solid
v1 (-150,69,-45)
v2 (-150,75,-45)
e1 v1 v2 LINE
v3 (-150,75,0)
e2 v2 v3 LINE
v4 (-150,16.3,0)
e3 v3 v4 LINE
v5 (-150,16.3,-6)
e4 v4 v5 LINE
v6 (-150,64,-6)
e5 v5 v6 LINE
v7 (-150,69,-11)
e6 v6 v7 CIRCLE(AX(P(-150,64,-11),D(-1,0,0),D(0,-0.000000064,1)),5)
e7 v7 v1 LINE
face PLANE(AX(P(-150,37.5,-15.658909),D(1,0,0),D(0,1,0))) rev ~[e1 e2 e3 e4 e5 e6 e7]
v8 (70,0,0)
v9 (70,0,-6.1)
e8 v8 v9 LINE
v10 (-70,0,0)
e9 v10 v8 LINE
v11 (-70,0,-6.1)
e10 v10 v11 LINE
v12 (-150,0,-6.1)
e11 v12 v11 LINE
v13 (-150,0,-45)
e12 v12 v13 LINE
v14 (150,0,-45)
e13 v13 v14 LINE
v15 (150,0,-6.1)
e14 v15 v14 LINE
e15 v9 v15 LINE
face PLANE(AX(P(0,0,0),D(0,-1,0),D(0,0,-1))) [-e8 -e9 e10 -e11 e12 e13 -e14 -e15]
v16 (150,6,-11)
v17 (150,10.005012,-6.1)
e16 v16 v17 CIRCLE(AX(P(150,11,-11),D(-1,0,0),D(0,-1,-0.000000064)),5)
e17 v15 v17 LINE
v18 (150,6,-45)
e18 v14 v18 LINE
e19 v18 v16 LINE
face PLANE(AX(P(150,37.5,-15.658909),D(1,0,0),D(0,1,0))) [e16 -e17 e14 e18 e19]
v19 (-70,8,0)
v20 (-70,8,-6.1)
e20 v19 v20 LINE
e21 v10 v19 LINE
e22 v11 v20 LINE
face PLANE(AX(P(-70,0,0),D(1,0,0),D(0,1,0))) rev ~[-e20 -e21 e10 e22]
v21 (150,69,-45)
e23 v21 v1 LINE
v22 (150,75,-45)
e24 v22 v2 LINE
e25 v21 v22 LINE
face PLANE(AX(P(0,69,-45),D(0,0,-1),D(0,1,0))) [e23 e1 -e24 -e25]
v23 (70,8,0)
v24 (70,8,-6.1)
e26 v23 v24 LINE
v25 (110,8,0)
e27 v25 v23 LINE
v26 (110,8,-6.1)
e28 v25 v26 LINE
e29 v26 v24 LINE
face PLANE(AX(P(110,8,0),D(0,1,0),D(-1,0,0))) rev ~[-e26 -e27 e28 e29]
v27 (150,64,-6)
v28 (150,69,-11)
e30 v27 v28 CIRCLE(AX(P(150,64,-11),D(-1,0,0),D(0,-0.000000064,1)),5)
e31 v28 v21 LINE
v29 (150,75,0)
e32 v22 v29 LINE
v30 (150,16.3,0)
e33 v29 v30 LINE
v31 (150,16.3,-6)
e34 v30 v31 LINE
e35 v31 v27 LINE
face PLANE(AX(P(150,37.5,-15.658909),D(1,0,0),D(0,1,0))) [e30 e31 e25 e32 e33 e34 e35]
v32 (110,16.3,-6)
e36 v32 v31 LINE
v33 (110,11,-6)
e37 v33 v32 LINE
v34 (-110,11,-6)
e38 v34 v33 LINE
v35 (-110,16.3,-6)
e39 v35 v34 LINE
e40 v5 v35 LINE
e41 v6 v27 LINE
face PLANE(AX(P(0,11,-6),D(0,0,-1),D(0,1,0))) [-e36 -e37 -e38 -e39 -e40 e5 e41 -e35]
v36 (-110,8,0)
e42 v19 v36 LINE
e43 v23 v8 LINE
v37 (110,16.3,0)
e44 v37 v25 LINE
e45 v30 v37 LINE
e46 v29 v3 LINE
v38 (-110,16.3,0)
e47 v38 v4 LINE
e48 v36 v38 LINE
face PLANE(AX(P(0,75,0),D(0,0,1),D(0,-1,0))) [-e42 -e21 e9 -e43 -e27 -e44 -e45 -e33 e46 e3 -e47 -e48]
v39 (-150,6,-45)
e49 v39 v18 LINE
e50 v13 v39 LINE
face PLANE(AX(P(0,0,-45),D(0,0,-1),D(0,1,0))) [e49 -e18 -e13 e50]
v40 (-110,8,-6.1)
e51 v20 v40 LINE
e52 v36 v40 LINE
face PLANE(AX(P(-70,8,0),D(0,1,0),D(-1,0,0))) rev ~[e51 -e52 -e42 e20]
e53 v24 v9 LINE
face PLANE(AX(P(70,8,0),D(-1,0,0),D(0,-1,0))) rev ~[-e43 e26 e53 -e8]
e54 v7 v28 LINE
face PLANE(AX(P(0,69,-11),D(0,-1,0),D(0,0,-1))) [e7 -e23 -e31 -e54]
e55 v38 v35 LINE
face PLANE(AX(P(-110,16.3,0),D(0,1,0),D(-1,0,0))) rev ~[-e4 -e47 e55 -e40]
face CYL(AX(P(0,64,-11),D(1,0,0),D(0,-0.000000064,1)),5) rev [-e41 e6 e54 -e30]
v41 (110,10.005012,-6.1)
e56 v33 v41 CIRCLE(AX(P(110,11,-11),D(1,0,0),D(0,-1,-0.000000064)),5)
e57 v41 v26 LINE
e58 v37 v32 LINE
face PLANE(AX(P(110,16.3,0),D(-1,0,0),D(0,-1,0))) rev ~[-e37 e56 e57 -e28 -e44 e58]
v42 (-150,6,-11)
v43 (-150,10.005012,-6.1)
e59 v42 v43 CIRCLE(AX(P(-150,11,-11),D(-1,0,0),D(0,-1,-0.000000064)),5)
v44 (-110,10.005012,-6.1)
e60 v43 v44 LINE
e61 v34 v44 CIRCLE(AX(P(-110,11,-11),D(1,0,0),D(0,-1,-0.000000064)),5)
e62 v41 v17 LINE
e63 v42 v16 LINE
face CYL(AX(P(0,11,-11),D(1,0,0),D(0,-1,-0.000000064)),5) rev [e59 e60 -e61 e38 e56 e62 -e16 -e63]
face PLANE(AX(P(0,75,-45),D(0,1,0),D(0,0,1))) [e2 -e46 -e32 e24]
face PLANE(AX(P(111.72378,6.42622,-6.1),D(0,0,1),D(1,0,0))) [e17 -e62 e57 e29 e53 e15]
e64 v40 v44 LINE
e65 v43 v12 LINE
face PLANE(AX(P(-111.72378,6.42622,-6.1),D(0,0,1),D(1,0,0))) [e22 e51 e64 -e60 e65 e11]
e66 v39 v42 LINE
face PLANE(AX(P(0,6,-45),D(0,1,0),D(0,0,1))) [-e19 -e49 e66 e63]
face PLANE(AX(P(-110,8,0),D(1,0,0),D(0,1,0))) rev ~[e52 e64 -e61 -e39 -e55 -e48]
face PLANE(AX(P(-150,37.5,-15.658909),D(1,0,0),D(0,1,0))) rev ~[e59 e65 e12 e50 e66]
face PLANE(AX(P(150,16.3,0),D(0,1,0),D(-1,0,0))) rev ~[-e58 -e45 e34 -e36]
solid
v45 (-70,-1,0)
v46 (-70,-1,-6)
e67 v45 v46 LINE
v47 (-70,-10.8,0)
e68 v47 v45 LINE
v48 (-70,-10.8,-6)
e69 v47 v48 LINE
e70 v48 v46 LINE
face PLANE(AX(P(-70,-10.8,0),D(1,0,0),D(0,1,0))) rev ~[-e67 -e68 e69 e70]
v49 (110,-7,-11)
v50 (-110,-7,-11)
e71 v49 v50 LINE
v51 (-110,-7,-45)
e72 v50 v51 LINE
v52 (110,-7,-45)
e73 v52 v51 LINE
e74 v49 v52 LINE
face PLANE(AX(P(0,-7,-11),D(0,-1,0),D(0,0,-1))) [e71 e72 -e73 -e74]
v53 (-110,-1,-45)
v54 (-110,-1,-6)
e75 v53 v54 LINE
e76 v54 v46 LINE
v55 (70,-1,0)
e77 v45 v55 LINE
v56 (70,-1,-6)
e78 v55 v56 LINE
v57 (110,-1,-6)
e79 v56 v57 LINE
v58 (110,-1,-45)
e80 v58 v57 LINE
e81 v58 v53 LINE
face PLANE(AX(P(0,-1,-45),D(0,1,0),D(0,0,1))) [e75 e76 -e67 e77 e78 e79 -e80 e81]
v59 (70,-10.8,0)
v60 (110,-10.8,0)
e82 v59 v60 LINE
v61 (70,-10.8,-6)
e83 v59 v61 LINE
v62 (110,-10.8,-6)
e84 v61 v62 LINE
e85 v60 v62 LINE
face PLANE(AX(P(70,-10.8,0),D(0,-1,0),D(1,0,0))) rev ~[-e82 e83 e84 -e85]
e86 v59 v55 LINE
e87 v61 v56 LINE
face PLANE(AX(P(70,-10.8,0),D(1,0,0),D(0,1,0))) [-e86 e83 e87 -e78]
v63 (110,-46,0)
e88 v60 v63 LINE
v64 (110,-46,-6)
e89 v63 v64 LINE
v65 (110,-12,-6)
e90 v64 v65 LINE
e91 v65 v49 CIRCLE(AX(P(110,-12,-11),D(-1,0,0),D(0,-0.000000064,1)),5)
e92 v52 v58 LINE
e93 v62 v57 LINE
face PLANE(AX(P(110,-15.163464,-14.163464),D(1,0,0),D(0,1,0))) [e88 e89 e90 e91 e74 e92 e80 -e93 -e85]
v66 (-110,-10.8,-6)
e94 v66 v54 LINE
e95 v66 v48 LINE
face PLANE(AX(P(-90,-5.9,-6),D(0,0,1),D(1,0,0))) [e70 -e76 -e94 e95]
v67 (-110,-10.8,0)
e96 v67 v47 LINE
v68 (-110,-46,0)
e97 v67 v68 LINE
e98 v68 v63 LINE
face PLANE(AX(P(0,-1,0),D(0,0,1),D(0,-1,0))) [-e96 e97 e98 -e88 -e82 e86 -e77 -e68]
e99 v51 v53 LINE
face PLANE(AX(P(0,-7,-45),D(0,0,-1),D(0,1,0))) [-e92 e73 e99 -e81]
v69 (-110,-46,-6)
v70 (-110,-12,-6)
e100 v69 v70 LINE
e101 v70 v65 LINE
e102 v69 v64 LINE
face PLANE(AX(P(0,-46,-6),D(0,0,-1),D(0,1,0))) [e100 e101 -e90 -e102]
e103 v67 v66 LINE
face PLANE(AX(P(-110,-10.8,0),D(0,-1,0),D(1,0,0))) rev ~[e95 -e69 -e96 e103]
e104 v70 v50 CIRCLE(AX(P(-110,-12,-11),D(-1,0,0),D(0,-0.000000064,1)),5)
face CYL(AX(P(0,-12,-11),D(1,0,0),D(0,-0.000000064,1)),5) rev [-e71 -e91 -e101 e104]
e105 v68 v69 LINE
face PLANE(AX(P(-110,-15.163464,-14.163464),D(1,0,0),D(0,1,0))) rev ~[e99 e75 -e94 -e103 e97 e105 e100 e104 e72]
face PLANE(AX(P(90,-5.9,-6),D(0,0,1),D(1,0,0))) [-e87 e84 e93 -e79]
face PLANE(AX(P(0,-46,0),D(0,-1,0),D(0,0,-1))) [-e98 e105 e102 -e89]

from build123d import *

# Parameters (mm, degrees)
F2_DEPTH      = 150
F2_DEPTH_BACK = 150
F5_DEPTH      = 110
F5_DEPTH_BACK = 110
F7_DEPTH      = 6.1
F8_W          = 40
F8_H          = 9.8
F9_DEPTH      = 6


with BuildPart() as f2:
    # F1 (on Right) → F2 (new body, two sides)
    with BuildSketch(Plane.YZ) as f2_sk:
        with BuildLine():
            Line((75, 0), (0, 0))
            Line((0, 0), (0, -45))
            Line((0, -45), (6, -45))
            Line((6, -45), (6, -11))
            ThreePointArc((6, -11), (7.464466, -7.464466), (11, -6))
            Line((11, -6), (64, -6))
            ThreePointArc((64, -6), (67.535534, -7.464466), (69, -11))
            Line((69, -11), (69, -45))
            Line((69, -45), (75, -45))
            Line((75, -45), (75, 0))
        make_face()
    extrude(amount=F2_DEPTH)
    extrude(f2_sk.sketch, amount=-F2_DEPTH_BACK)

    # F6 (on face) → F7 (cut)
    with BuildSketch(Plane.XY):
        Polygon((-150, 16.3), (-150, 0), (-110, 0), (-70, 0), (-70, 8), (-110, 8), (-110, 16.3), align=None)
        Polygon((110, 0), (150, 0), (150, 16.3), (110, 16.3), (110, 8), (70, 8), (70, 0), align=None)
    extrude(amount=-F7_DEPTH, mode=Mode.SUBTRACT)


with BuildPart() as f5:
    # F4 (on Right) → F5 (new body, two sides)
    with BuildSketch(Plane.YZ) as f5_sk:
        with BuildLine():
            Line((-1, -45), (-1, 0))
            Line((-1, 0), (-46, 0))
            Line((-46, 0), (-46, -6))
            Line((-46, -6), (-12, -6))
            ThreePointArc((-12, -6), (-8.464466, -7.464466), (-7, -11))
            Line((-7, -11), (-7, -45))
            Line((-7, -45), (-1, -45))
        make_face()
    extrude(amount=F5_DEPTH)
    extrude(f5_sk.sketch, amount=-F5_DEPTH_BACK)

    # F8 (on face) → F9 (cut)
    with BuildSketch(Plane.XY):
        with Locations((-90, -5.9)):
            Rectangle(F8_W, F8_H)
        with Locations((90, -5.9)):
            Rectangle(F8_W, F8_H)
    extrude(amount=-F9_DEPTH, mode=Mode.SUBTRACT)


solid = Compound([f2.part, f5.part])
